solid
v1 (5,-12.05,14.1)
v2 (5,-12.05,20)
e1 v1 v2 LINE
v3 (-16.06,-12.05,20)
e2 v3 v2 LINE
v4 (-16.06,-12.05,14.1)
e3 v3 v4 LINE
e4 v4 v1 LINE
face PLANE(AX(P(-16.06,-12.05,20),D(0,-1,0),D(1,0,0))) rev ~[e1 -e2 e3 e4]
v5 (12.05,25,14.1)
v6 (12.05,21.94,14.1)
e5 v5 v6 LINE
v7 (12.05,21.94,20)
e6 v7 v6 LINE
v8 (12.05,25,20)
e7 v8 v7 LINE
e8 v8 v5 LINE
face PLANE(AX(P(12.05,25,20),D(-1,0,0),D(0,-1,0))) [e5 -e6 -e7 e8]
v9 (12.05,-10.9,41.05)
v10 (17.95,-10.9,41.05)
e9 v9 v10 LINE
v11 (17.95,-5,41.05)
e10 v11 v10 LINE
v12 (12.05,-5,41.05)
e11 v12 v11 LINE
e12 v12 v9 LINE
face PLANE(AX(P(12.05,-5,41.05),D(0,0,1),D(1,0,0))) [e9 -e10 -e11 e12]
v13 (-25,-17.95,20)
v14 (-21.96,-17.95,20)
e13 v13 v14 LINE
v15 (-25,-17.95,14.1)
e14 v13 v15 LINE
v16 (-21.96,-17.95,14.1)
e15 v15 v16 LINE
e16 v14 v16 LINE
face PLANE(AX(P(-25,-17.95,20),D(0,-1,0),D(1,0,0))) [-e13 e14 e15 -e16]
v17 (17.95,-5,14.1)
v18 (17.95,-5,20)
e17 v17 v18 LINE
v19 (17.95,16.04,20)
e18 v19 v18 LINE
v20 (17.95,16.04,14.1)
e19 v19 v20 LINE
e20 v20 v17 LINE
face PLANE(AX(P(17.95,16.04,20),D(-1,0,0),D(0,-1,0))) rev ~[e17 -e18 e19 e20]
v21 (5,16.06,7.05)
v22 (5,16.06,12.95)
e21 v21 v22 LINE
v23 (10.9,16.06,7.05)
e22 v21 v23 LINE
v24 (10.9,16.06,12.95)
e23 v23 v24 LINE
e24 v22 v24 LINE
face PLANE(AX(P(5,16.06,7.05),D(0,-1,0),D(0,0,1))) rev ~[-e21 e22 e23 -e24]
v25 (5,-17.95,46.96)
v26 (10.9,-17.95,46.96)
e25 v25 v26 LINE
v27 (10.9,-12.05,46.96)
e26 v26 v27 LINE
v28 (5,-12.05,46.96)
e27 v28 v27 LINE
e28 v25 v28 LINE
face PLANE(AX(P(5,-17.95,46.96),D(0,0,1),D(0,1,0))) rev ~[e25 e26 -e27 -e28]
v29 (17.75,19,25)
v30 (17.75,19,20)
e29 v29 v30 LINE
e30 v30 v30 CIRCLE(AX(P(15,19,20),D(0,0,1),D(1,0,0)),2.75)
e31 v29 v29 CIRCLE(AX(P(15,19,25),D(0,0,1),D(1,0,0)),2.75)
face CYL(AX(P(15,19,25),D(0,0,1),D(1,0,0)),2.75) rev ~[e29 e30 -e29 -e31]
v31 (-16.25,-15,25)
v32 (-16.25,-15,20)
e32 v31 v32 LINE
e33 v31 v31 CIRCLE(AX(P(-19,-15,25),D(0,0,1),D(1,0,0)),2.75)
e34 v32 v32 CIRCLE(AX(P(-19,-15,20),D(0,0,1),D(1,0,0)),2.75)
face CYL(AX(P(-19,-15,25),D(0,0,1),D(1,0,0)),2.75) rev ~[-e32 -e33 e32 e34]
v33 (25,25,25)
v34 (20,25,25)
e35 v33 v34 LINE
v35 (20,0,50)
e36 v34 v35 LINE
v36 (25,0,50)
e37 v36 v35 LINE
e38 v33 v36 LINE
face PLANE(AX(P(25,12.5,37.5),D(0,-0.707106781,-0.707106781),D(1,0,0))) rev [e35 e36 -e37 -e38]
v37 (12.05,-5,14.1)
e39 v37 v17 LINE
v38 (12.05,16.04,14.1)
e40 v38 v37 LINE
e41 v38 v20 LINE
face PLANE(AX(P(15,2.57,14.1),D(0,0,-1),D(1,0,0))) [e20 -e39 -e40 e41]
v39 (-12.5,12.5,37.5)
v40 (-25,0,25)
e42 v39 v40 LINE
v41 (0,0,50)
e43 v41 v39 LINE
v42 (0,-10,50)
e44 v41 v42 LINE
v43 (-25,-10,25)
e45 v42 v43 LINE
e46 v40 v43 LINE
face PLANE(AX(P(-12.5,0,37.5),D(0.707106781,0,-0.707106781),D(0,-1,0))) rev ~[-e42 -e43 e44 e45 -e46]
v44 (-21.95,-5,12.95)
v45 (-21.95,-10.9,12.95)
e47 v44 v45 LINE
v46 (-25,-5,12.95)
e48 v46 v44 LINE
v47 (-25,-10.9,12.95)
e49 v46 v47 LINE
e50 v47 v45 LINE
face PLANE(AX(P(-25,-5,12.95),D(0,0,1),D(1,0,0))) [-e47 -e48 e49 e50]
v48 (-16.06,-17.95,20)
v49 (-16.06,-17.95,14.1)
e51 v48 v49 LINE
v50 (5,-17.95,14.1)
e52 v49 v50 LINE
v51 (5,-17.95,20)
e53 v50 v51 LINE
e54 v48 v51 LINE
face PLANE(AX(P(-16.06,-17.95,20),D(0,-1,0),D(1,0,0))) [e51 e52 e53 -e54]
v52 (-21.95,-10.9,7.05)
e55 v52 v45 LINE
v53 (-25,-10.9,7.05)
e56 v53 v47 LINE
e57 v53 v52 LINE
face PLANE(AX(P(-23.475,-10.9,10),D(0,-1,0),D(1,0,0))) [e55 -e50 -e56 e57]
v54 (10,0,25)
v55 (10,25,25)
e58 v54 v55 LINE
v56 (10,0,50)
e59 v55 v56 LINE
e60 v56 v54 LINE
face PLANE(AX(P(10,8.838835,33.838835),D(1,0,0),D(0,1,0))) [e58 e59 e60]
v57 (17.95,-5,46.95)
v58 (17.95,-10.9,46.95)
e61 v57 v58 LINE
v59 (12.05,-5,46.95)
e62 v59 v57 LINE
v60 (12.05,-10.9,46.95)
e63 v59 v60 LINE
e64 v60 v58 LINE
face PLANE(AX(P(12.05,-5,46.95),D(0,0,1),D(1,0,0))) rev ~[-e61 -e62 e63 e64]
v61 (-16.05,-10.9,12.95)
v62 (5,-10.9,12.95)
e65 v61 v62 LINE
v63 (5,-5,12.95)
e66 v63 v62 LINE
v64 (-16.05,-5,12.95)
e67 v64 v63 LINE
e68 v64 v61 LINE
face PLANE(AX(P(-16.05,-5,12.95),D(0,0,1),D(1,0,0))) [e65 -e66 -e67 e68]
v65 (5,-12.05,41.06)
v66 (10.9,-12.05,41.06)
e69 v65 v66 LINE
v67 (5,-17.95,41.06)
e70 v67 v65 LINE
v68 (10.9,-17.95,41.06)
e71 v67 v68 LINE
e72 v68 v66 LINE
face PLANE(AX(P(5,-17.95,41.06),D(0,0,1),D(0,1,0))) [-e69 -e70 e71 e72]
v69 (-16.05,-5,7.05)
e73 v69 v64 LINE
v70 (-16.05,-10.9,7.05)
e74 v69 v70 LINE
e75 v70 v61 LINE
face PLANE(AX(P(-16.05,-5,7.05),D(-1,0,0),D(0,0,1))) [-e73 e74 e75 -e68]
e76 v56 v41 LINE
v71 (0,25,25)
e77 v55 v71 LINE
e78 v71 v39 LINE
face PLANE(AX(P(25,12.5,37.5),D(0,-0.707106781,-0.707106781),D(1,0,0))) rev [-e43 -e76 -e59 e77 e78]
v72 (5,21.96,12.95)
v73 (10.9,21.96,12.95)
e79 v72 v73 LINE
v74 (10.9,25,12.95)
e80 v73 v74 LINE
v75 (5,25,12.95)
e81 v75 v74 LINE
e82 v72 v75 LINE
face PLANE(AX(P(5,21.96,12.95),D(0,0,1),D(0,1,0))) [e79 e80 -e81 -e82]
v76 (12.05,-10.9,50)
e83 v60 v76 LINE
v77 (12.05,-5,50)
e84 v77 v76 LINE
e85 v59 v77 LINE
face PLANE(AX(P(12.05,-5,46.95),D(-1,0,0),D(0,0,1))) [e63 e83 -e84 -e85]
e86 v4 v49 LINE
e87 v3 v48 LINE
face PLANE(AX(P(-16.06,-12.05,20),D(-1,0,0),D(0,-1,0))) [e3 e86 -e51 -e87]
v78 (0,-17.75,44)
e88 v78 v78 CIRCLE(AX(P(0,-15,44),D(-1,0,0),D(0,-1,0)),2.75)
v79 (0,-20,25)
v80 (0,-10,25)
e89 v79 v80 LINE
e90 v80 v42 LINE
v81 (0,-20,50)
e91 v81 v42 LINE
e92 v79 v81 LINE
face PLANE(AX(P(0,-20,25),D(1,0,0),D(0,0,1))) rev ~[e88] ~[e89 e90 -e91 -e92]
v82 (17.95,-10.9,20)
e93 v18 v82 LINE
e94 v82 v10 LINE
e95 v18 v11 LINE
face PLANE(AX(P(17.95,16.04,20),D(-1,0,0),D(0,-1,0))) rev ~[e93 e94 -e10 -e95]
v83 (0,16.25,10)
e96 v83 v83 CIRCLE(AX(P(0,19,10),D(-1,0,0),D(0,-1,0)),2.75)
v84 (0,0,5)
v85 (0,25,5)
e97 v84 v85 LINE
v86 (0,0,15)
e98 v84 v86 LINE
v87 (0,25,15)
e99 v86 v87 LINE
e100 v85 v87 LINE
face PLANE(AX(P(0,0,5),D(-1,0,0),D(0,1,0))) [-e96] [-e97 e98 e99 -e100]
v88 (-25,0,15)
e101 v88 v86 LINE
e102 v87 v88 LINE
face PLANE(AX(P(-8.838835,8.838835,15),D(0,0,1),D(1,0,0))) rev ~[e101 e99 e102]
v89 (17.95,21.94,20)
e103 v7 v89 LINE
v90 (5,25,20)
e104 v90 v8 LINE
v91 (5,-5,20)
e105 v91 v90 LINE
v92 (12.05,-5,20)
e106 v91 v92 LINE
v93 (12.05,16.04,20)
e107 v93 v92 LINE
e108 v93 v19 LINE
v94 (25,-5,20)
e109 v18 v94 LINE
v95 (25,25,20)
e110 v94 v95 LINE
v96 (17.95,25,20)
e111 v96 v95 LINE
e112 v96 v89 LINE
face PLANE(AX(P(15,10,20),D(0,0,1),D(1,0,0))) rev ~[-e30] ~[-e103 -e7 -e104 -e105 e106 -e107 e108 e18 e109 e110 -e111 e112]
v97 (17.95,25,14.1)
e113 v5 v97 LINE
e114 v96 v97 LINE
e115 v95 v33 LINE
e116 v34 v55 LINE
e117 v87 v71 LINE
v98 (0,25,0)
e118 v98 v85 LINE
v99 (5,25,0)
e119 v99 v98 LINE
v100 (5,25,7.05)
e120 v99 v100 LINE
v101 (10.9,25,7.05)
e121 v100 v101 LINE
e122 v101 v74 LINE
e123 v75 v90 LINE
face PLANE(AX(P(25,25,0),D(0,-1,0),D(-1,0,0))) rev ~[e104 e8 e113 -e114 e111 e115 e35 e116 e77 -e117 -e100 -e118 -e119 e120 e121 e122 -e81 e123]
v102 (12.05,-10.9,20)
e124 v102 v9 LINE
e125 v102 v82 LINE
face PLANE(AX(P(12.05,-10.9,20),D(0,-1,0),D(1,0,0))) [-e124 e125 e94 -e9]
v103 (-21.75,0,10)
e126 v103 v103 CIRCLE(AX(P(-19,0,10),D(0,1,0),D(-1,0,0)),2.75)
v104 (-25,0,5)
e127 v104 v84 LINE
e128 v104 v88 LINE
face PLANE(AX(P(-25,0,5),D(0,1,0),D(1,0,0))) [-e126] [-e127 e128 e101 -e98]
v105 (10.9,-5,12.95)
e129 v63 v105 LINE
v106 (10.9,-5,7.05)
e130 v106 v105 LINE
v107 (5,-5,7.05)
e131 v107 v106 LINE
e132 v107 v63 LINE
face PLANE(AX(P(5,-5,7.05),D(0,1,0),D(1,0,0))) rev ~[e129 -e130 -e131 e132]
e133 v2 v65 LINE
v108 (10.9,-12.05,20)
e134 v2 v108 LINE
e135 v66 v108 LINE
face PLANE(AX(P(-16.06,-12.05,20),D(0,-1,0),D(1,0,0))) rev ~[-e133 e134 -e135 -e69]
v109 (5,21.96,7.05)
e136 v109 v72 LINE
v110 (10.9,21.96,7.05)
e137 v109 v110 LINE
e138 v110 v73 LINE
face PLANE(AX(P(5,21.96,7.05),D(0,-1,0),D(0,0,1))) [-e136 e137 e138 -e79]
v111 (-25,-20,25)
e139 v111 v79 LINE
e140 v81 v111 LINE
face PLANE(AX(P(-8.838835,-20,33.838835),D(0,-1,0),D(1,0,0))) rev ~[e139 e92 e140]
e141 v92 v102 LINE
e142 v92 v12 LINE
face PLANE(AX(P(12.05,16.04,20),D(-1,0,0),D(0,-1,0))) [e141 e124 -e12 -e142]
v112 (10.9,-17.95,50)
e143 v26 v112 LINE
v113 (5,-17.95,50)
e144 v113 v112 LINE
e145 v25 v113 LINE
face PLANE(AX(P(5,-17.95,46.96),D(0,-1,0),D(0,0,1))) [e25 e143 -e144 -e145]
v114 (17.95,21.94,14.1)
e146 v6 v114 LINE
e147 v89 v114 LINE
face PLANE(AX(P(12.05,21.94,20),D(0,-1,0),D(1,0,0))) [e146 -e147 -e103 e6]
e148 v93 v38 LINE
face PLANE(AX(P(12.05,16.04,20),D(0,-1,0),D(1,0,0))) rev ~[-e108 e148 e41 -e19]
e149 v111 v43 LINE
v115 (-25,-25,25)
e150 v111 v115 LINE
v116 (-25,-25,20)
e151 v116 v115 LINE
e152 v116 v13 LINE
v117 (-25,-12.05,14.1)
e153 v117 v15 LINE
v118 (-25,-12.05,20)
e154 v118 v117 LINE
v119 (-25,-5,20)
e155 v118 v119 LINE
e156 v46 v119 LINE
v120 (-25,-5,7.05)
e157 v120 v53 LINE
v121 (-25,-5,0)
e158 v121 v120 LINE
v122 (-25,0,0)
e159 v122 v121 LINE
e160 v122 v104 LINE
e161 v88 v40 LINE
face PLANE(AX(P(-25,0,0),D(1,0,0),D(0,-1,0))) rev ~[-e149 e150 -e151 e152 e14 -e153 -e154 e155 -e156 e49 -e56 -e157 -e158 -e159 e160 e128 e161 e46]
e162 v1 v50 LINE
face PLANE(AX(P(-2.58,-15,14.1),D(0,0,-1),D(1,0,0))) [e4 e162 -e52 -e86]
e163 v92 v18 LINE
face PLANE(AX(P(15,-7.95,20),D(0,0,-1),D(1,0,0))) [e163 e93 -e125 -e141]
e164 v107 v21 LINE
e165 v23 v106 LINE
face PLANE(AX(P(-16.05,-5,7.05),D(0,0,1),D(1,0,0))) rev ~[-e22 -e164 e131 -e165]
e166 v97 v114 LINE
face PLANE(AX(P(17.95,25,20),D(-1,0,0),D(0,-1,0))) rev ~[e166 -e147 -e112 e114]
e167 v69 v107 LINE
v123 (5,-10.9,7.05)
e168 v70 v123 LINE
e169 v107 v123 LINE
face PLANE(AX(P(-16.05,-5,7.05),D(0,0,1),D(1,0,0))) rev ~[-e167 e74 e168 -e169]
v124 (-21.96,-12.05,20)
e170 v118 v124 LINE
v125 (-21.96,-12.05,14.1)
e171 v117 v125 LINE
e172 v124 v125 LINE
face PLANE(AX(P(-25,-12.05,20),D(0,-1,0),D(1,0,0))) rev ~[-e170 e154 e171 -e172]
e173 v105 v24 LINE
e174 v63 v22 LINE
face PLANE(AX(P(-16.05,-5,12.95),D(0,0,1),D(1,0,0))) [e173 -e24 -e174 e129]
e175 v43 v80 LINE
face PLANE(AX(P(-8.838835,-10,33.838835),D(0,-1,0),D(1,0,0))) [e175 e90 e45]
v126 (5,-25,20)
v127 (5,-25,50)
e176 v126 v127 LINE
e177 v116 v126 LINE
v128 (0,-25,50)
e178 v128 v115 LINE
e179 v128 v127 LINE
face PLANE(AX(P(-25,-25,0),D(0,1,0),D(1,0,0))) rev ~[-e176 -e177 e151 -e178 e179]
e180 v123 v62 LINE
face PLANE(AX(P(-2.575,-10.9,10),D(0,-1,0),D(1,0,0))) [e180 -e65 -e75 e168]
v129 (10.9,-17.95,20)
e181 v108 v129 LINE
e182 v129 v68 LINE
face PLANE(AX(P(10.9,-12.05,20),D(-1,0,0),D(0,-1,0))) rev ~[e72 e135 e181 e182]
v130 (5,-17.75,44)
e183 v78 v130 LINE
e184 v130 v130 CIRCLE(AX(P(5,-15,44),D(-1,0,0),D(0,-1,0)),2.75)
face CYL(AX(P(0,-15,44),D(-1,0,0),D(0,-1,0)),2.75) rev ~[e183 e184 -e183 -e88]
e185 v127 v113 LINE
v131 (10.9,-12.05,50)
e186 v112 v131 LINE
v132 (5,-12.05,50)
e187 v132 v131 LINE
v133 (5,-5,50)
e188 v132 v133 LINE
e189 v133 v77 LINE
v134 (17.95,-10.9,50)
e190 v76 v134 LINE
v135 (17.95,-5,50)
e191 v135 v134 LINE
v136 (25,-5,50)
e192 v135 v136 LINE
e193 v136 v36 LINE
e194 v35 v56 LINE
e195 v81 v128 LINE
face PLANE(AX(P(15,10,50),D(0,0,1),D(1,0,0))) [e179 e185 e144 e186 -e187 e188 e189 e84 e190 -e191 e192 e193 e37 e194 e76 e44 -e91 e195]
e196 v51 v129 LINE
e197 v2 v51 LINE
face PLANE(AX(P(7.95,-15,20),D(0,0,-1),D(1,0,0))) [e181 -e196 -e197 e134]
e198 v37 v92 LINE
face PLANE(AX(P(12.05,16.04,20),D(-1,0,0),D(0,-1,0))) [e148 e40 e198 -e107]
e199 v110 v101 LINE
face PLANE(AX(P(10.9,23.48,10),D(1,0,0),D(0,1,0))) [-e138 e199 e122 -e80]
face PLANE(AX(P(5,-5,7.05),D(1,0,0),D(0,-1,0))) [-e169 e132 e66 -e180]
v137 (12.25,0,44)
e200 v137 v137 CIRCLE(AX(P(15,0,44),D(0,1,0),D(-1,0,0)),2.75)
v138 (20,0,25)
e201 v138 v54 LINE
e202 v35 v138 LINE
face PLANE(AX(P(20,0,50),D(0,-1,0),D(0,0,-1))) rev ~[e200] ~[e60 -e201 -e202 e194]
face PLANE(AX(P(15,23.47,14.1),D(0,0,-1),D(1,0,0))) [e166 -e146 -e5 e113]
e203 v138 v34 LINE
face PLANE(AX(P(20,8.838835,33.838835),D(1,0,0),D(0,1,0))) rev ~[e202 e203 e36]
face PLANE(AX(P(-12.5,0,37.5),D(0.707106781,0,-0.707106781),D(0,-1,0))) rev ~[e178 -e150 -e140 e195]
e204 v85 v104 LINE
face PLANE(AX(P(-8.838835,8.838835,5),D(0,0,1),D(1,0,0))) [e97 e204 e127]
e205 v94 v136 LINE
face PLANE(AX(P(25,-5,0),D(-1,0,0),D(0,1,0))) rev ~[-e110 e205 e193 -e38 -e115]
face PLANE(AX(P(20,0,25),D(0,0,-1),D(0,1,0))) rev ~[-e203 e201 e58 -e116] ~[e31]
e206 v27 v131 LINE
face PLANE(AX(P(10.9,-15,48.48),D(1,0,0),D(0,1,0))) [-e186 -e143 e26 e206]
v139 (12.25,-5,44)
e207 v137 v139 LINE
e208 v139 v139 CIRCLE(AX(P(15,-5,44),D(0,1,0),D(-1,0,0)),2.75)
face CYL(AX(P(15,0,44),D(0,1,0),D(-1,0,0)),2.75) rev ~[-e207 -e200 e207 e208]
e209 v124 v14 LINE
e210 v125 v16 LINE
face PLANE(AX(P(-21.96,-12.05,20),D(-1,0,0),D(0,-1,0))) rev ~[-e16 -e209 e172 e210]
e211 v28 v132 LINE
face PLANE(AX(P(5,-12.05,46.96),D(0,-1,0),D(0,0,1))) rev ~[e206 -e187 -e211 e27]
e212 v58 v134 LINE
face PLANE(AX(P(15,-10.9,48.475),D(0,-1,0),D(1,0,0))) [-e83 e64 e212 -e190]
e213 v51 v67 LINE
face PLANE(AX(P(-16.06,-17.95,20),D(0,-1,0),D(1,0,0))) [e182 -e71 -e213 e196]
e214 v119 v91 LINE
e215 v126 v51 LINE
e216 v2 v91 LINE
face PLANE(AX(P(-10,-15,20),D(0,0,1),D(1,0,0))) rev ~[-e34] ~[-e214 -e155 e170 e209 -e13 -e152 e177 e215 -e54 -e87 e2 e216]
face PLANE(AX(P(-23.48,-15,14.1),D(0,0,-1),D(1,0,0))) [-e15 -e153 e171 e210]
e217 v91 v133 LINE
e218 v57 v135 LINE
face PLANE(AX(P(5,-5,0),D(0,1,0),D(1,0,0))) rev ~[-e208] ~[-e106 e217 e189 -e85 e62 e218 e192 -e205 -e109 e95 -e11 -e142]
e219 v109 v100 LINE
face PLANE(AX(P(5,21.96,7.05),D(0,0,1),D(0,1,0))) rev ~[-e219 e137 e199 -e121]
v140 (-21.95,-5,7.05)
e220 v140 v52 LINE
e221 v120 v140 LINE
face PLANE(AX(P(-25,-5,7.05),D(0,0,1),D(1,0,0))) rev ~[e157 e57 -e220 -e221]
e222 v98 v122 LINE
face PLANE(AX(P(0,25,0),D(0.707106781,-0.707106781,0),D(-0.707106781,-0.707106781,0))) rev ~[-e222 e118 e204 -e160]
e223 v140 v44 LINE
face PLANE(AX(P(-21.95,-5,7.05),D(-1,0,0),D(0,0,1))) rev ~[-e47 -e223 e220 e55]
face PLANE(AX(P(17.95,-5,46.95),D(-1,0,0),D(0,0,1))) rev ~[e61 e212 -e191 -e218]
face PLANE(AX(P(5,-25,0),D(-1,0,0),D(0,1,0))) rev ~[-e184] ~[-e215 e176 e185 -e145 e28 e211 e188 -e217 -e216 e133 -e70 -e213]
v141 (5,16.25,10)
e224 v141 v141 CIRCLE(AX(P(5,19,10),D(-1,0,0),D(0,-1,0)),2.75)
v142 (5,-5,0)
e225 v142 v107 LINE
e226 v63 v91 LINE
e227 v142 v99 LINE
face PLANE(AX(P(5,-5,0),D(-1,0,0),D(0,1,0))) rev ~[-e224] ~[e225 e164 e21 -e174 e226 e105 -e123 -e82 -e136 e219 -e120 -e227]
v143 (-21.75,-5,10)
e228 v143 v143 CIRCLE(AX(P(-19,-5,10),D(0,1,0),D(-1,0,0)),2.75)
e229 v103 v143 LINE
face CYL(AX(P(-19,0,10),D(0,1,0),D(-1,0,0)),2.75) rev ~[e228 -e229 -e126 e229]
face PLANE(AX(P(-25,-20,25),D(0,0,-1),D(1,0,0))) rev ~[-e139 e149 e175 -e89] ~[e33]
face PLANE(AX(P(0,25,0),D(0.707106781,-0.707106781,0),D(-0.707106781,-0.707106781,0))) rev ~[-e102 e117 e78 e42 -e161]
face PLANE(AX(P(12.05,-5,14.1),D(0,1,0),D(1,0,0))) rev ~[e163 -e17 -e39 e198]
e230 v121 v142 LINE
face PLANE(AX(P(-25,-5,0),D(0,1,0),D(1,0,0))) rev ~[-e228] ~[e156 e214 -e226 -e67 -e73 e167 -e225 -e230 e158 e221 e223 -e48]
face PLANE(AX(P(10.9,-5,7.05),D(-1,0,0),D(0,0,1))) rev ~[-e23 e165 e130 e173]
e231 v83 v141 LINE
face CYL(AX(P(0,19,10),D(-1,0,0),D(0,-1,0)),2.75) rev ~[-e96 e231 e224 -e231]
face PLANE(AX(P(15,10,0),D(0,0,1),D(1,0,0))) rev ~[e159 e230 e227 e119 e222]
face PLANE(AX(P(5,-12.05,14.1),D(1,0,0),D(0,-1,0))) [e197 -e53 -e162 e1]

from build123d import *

# Parameters (mm, degrees)
F0_W      = 20
F0_H      = 30
F0_W_2    = 30
F0_H_2    = 20
F1_DEPTH  = 50
F2_DEPTH  = 20
F3_SIZE   = 25
F6_DEPTH  = 10
F9_DEPTH  = 10
F12_DEPTH = 10
F13_R     = 2.75
F14_DEPTH = 5
F15_R     = 2.75
F16_DEPTH = 5
F17_R     = 2.75
F18_DEPTH = 5
F19_R     = 2.75
F20_DEPTH = 5
F21_R     = 2.75
F22_DEPTH = 5
F23_R     = 2.75
F24_DEPTH = 5
F25_W     = 5.9
F25_H     = 21.05
F25_H_2   = 3.05
F26_DEPTH = 5.9
F27_W     = 5.9
F27_H     = 3.04
F27_H_2   = 21.06
F28_DEPTH = 5.9
F29_W     = 26.96
F29_H     = 5.9
F29_W_2   = 3.04
F30_DEPTH = 5.9
F31_W     = 5.9
F31_H     = 26.94
F31_H_2   = 3.06
F32_DEPTH = 5.9
F33_W     = 21.06
F33_H     = 5.9
F33_W_2   = 3.04
F34_DEPTH = 5.9
F35_W     = 26.95
F35_H     = 5.9
F35_W_2   = 3.05
F36_DEPTH = 5.9
F37_W     = 5.9
F37_H     = 5.9
F38_DEPTH = 5.9
F39_W     = 5.9
F39_H     = 5.9
F40_DEPTH = 5.9
F41_W     = 5.9
F41_H     = 5.9
F42_DEPTH = 5.9


with BuildPart() as f1:
    # F0 (on Top) → F1 (new body)
    with BuildSketch(Plane.XY):
        with Locations((15, 10)):
            Rectangle(F0_W, F0_H)
        Polygon((5, -5), (5, 25), (0, 25), (-25, 0), (-25, -5), align=None)
        with Locations((-10, -15)):
            Rectangle(F0_W_2, F0_H_2)
    extrude(amount=F1_DEPTH)

    # F0 (on Top) → F2 (cut)
    with BuildSketch(Plane.XY):
        with Locations((-10, -15)):
            Rectangle(F0_W_2, F0_H_2)
        with Locations((15, 10)):
            Rectangle(F0_W, F0_H)
    extrude(amount=F2_DEPTH, mode=Mode.SUBTRACT)

    # F3 (call 1 of 2: OpenCascade refuses the feature's edges together)
    f3_edges = [f1.edges().sort_by_distance(p)[0] for p in [
        (12.5, 25, 50),
    ]]
    chamfer(f3_edges, length=F3_SIZE)

    # F3#2 (call 2 of 2)
    f3_2_edges = [f1.edges().sort_by_distance(p)[0] for p in [
        (-25, -12.5, 50),
    ]]
    chamfer(f3_2_edges, length=F3_SIZE)

    # F5 (on offset) → F6 (cut)
    with BuildSketch(Plane.YZ.offset(20)):
        Polygon((0, 25), (25, 25), (0, 50), align=None)
    extrude(amount=-F6_DEPTH, mode=Mode.SUBTRACT)

    # F8 (on offset) → F9 (cut)
    with BuildSketch(Plane.XZ.offset(20)):
        Polygon((0, 25), (0, 50), (-25, 25), align=None)
    extrude(amount=-F9_DEPTH, mode=Mode.SUBTRACT)

    # F11 (on offset) → F12 (cut)
    with BuildSketch(Plane.XY.offset(5)):
        Polygon((0, 0), (0, 25), (-25, 0), align=None)
    extrude(amount=F12_DEPTH, mode=Mode.SUBTRACT)

    # F13 (on face) → F14 (cut)
    with BuildSketch(Plane(origin=(0, 0, 0), x_dir=(0, -1, 0), z_dir=(-1, 0, 0))):
        with Locations((15, 44)):
            Circle(F13_R)
    extrude(amount=-F14_DEPTH, mode=Mode.SUBTRACT)

    # F15 (on face) → F16 (cut)
    with BuildSketch(Plane.XY.offset(25)):
        with Locations((-19, -15)):
            Circle(F15_R)
    extrude(amount=-F16_DEPTH, mode=Mode.SUBTRACT)

    # F17 (on face) → F18 (cut)
    with BuildSketch(Plane(origin=(0, 0, 0), x_dir=(-1, 0, 0), z_dir=(0, 1, 0))):
        with Locations((19, 10)):
            Circle(F17_R)
    extrude(amount=-F18_DEPTH, mode=Mode.SUBTRACT)

    # F19 (on face) → F20 (cut)
    with BuildSketch(Plane(origin=(0, 0, 0), x_dir=(0, -1, 0), z_dir=(-1, 0, 0))):
        with Locations((-19, 10)):
            Circle(F19_R)
    extrude(amount=-F20_DEPTH, mode=Mode.SUBTRACT)

    # F21 (on face) → F22 (cut)
    with BuildSketch(Plane.XY.offset(25)):
        with Locations((15, 19)):
            Circle(F21_R)
    extrude(amount=-F22_DEPTH, mode=Mode.SUBTRACT)

    # F23 (on face) → F24 (cut)
    with BuildSketch(Plane(origin=(0, 0, 0), x_dir=(-1, 0, 0), z_dir=(0, 1, 0))):
        with Locations((-15, 44)):
            Circle(F23_R)
    extrude(amount=-F24_DEPTH, mode=Mode.SUBTRACT)

    # F25 (on face) → F26 (join)
    with BuildSketch(Plane.XZ.offset(5)):
        with Locations((15, 30.525)):
            Rectangle(F25_W, F25_H)
        with Locations((15, 48.475)):
            Rectangle(F25_W, F25_H_2)
    extrude(amount=F26_DEPTH)

    # F27 (on face) → F28 (join)
    with BuildSketch(Plane.YZ.offset(5)):
        with Locations((-15, 48.48)):
            Rectangle(F27_W, F27_H)
        with Locations((-15, 30.53)):
            Rectangle(F27_W, F27_H_2)
    extrude(amount=F28_DEPTH)

    # F29 (on face) → F30 (join)
    with BuildSketch(Plane(origin=(0, 0, 20), x_dir=(1, 0, 0), z_dir=(0, 0, -1))):
        with Locations((-2.58, 15)):
            Rectangle(F29_W, F29_H)
        with Locations((-23.48, 15)):
            Rectangle(F29_W_2, F29_H)
    extrude(amount=F30_DEPTH)

    # F31 (on face) → F32 (join)
    with BuildSketch(Plane(origin=(0, 0, 20), x_dir=(1, 0, 0), z_dir=(0, 0, -1))):
        with Locations((15, -2.57)):
            Rectangle(F31_W, F31_H)
        with Locations((15, -23.47)):
            Rectangle(F31_W, F31_H_2)
    extrude(amount=F32_DEPTH)

    # F33 (on face) → F34 (join)
    with BuildSketch(Plane.YZ.offset(5)):
        with Locations((5.53, 10)):
            Rectangle(F33_W, F33_H)
        with Locations((23.48, 10)):
            Rectangle(F33_W_2, F33_H)
    extrude(amount=F34_DEPTH)

    # F35 (on face) → F36 (join)
    with BuildSketch(Plane.XZ.offset(5)):
        with Locations((-2.575, 10)):
            Rectangle(F35_W, F35_H)
        with Locations((-23.475, 10)):
            Rectangle(F35_W_2, F35_H)
    extrude(amount=F36_DEPTH)

    # F37 (on face) → F38 (cut)
    with BuildSketch(Plane(origin=(0, 0, 7.05), x_dir=(1, 0, 0), z_dir=(0, 0, -1))):
        with Locations((7.95, 7.95)):
            Rectangle(F37_W, F37_H)
    extrude(amount=-F38_DEPTH, mode=Mode.SUBTRACT)

    # F39 (on face) → F40 (cut)
    with BuildSketch(Plane(origin=(0, 0, 14.1), x_dir=(1, 0, 0), z_dir=(0, 0, -1))):
        with Locations((7.95, 15)):
            Rectangle(F39_W, F39_H)
    extrude(amount=-F40_DEPTH, mode=Mode.SUBTRACT)

    # F41 (on face) → F42 (cut)
    with BuildSketch(Plane(origin=(0, 0, 14.1), x_dir=(1, 0, 0), z_dir=(0, 0, -1))):
        with Locations((15, 7.95)):
            Rectangle(F41_W, F41_H)
    extrude(amount=-F42_DEPTH, mode=Mode.SUBTRACT)


solid = f1.part
